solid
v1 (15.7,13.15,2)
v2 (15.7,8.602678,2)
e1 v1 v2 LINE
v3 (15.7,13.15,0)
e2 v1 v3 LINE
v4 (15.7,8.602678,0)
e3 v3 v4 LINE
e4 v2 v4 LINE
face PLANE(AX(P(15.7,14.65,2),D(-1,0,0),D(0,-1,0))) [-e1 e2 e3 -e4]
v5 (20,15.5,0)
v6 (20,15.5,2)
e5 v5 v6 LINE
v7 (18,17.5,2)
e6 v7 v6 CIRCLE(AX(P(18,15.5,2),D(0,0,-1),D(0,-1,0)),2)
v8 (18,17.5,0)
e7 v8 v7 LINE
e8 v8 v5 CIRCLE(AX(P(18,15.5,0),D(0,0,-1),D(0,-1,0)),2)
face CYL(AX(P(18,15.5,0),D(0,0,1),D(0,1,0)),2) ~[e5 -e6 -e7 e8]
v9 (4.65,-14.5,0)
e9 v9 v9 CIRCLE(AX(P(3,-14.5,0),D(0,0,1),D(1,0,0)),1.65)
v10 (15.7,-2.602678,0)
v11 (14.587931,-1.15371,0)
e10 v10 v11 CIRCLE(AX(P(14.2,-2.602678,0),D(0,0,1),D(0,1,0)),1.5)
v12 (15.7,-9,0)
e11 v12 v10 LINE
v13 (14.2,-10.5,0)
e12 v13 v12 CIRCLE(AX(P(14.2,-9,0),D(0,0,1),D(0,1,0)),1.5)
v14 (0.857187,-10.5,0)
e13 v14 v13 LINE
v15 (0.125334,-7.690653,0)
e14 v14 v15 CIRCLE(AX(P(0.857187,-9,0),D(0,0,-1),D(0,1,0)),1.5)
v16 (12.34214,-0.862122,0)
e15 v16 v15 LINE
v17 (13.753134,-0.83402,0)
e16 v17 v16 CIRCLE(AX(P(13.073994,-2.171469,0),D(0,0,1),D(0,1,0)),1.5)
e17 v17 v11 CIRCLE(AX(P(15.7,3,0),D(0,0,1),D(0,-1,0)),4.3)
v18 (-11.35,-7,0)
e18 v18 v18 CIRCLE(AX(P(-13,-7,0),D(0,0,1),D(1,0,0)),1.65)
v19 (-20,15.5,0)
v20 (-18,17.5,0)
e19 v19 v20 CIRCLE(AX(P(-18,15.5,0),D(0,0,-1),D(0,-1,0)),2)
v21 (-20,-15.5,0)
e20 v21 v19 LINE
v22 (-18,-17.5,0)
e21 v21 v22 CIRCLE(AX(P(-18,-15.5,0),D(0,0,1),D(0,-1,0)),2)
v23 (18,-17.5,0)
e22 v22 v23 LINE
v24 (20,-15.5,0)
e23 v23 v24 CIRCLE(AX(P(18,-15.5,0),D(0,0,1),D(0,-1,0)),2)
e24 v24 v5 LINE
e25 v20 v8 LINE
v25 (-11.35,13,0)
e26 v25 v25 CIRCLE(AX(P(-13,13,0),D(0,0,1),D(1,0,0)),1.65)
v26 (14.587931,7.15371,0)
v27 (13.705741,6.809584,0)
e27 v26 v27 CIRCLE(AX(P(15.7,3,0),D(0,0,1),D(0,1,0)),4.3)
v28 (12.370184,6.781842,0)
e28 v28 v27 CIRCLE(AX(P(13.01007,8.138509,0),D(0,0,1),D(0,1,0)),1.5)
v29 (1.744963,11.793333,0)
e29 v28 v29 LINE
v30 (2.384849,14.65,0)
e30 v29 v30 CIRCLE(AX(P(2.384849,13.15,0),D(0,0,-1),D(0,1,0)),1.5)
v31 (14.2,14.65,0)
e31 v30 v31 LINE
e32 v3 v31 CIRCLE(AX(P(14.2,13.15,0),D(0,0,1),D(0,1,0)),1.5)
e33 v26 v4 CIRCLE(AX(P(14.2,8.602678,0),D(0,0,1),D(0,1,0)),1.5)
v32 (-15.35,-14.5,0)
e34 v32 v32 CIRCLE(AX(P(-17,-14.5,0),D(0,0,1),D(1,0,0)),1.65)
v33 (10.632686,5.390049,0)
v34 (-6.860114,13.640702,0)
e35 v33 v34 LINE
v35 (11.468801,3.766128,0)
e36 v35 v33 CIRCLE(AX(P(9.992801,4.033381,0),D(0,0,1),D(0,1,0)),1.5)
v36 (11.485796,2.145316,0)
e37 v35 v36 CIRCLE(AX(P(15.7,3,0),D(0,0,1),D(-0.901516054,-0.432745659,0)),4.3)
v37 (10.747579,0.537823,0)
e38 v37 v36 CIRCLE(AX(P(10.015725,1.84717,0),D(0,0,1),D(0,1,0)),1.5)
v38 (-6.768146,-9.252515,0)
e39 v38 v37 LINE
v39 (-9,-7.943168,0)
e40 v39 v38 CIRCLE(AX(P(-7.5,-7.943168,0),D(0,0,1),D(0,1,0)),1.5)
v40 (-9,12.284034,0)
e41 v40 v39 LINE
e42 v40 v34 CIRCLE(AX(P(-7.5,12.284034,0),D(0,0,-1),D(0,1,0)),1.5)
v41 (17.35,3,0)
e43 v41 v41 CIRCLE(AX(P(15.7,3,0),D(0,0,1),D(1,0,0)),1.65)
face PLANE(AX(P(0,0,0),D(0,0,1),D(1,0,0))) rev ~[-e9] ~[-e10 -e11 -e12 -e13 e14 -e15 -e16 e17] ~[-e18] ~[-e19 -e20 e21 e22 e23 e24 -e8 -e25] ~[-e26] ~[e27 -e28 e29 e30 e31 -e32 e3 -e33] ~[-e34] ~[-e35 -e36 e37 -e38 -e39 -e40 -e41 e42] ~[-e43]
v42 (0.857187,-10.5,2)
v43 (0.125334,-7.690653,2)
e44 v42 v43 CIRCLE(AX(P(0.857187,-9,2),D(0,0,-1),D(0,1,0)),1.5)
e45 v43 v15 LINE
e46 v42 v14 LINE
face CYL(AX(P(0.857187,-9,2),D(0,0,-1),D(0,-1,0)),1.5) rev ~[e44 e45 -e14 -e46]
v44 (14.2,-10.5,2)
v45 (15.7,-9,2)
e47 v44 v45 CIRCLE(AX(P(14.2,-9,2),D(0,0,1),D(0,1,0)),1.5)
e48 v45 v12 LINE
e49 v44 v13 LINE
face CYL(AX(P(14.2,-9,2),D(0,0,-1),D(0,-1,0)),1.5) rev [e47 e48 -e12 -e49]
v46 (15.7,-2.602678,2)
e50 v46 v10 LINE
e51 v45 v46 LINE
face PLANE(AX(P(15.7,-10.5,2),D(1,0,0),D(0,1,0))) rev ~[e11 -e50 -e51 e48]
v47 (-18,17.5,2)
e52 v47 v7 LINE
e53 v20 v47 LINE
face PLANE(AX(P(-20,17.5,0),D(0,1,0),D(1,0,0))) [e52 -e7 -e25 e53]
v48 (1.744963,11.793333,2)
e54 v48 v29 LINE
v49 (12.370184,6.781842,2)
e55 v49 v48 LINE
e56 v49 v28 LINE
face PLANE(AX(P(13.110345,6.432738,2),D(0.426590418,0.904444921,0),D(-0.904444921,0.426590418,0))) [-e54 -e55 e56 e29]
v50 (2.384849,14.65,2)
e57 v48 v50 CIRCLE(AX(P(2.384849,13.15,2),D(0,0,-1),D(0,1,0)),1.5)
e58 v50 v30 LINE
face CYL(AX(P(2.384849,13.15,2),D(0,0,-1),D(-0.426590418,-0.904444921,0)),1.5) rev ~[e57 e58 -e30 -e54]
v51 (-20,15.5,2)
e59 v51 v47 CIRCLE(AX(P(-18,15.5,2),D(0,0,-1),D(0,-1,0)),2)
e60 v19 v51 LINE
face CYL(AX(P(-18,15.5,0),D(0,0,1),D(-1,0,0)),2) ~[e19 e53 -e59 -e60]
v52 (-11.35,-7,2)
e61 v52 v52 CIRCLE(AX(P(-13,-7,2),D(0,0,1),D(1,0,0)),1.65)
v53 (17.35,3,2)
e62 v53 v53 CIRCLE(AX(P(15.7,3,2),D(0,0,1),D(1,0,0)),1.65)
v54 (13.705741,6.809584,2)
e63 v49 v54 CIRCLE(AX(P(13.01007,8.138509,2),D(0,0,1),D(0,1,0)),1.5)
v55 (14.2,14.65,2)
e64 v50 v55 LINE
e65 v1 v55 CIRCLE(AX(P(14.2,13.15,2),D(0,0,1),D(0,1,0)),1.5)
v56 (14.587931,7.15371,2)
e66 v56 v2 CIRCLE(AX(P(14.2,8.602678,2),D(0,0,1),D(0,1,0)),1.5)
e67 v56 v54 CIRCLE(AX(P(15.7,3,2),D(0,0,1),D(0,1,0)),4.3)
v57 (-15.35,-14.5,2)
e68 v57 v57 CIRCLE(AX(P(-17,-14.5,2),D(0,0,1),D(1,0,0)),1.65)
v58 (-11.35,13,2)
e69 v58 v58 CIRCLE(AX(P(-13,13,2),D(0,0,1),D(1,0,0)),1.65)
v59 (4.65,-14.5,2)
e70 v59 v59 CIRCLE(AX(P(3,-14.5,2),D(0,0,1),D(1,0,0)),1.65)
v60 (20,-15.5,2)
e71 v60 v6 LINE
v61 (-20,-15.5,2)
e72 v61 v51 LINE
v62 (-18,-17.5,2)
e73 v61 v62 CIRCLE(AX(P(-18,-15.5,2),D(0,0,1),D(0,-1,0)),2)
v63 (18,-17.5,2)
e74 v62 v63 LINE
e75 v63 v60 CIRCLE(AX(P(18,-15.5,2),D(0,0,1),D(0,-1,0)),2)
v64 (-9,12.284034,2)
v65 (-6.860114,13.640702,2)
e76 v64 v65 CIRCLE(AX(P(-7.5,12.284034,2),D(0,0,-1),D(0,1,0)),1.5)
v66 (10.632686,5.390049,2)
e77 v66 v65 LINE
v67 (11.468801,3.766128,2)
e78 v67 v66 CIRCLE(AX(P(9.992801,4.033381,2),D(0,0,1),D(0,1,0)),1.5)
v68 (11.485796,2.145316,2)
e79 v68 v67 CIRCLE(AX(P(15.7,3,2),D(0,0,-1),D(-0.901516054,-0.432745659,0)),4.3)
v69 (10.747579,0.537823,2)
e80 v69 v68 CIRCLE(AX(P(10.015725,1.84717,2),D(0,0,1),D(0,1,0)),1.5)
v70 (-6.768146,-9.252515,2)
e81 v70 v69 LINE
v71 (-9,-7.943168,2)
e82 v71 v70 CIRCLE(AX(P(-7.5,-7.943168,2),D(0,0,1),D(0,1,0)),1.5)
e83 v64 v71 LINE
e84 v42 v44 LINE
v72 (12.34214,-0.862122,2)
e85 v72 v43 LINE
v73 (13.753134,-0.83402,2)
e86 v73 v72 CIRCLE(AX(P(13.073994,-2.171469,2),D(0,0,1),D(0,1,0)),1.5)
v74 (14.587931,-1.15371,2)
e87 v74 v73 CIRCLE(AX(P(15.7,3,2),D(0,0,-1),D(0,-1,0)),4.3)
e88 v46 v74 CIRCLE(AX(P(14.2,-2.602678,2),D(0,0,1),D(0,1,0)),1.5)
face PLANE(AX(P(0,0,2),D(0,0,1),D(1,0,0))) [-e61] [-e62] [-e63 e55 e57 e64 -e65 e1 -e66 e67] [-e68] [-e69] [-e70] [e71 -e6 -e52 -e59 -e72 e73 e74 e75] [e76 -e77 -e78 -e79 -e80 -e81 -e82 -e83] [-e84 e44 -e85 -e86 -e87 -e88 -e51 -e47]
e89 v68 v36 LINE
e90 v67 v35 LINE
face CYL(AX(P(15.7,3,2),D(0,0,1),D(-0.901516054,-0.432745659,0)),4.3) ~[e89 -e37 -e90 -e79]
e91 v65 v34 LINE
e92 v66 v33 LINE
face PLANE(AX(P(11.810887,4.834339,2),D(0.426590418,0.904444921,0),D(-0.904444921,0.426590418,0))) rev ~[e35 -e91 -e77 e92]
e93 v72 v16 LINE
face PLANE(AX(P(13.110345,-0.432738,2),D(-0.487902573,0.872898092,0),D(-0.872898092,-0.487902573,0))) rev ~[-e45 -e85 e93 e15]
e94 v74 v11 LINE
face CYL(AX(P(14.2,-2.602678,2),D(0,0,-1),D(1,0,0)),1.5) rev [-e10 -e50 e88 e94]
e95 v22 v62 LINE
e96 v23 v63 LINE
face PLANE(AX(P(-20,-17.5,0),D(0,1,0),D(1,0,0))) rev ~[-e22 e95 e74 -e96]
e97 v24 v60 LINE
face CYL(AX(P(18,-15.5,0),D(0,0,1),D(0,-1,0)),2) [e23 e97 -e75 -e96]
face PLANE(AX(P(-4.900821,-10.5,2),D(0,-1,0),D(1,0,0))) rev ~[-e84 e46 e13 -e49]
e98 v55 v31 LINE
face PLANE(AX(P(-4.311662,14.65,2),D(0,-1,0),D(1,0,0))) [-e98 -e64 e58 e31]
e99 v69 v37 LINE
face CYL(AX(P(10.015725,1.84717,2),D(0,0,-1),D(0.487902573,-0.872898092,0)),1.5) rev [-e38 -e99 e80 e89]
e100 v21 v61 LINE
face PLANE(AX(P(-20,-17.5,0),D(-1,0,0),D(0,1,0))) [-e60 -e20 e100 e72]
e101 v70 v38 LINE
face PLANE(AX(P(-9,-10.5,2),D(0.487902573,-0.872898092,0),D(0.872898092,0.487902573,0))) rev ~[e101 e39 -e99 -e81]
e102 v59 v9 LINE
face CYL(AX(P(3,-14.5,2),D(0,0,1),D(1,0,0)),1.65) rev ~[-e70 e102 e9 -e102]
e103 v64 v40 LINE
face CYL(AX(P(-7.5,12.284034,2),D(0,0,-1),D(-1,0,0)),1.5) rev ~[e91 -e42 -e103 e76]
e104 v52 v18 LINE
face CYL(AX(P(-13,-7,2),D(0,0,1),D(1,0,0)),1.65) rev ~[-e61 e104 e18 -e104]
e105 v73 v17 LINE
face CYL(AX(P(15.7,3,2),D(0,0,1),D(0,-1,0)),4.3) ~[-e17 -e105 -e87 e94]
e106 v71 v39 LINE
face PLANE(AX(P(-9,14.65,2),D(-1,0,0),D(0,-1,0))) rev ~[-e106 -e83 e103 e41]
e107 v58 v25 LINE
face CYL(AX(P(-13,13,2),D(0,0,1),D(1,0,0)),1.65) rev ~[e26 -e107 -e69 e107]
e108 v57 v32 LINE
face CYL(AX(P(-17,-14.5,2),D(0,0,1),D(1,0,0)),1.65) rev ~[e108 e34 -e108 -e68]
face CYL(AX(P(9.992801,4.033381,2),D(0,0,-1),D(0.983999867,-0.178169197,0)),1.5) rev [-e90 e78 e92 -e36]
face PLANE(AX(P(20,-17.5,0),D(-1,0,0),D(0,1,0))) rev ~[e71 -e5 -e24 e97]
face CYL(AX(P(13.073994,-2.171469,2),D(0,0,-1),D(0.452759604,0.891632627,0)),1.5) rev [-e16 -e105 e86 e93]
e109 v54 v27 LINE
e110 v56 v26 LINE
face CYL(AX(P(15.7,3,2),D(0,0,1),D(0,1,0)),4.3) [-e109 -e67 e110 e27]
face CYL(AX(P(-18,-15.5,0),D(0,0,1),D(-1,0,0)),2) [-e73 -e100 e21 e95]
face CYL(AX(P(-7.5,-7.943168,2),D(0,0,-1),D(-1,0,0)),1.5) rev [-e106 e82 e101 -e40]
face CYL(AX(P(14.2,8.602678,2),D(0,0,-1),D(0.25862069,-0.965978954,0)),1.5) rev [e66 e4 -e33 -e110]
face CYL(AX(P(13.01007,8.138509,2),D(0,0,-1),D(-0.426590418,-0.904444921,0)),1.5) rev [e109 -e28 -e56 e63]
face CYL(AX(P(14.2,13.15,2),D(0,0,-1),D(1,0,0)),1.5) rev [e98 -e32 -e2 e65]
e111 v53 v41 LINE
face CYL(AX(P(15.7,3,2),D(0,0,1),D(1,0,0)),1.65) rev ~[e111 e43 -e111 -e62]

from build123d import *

# Parameters (mm, degrees)
SKETCH_1_W          = 40
SKETCH_1_H          = 35
EXTRUDE_1_DEPTH     = 2
SKETCH_2_R          = 1.65
CUT_EXTRUDE_1_DEPTH = 2
FILLET_1_R          = 2
CUT_EXTRUDE_2_DEPTH = 10
FILLET_2_R          = 1.5


with BuildPart() as part:
    # 草图1 → 凸台-拉伸1 (new body)
    with BuildSketch(Plane.XY):
        Rectangle(SKETCH_1_W, SKETCH_1_H)
    extrude(amount=EXTRUDE_1_DEPTH)

    # 草图2 → 切除-拉伸1 (cut)
    with BuildSketch(Plane.XY.offset(2)):
        with Locations((-17, -14.5)):
            Circle(SKETCH_2_R)
        with Locations((3, -14.5)):
            Circle(SKETCH_2_R)
        with Locations((-13, -7)):
            Circle(SKETCH_2_R)
        with Locations((-13, 13)):
            Circle(SKETCH_2_R)
        with Locations((15.7, 3)):
            Circle(SKETCH_2_R)
    extrude(amount=-CUT_EXTRUDE_1_DEPTH, mode=Mode.SUBTRACT)

    # 圆角1
    fillet_1_edges = [part.edges().sort_by_distance(p)[0] for p in [
        (20, -17.5, 1),
        (-20, -17.5, 1),
        (-20, 17.5, 1),
        (20, 17.5, 1),
    ]]
    fillet(fillet_1_edges, radius=FILLET_1_R)

    # 草图3 → 切除-拉伸2 (cut)
    with BuildSketch(Plane.XY.offset(2)):
        with BuildLine():
            Line((-9, 14.65), (-9, -10.5))
            Line((-9, -10.5), (11.823480969, 1.139193668))
            ThreePointArc((11.823480969, 1.139193668), (11.400024975, 2.985344434), (11.81088684, 4.834338798))
            Line((11.81088684, 4.834338798), (-9, 14.65))
        make_face()
        with BuildLine():
            Line((-4.900820963, -10.5), (15.7, -10.5))
            Line((15.7, -10.5), (15.7, -1.3))
            ThreePointArc((15.7, -1.3), (14.334491183, -1.077423901), (13.110344983, -0.432737522))
            Line((13.110344983, -0.432737522), (-4.900820963, -10.5))
        make_face()
        with BuildLine():
            Line((-4.31166216, 14.65), (15.7, 14.65))
            Line((15.7, 14.65), (15.7, 7.3))
            ThreePointArc((15.7, 7.3), (14.334491183, 7.077423901), (13.110344983, 6.432737522))
            Line((13.110344983, 6.432737522), (-4.31166216, 14.65))
        make_face()
    extrude(amount=-CUT_EXTRUDE_2_DEPTH, mode=Mode.SUBTRACT)

    # 圆角2
    fillet_2_edges = [part.edges().sort_by_distance(p)[0] for p in [
        (-4.900820963, -10.5, 1),
        (13.110344983, -0.432737522, 1),
        (15.7, -1.3, 1),
        (15.7, -10.5, 1),
        (13.110344983, 6.432737522, 1),
        (-4.31166216, 14.65, 1),
        (15.7, 14.65, 1),
        (15.7, 7.3, 1),
        (-9, 14.65, 1),
        (11.81088684, 4.834338798, 1),
        (11.823480969, 1.139193668, 1),
        (-9, -10.5, 1),
    ]]
    fillet(fillet_2_edges, radius=FILLET_2_R)


solid = part.part
